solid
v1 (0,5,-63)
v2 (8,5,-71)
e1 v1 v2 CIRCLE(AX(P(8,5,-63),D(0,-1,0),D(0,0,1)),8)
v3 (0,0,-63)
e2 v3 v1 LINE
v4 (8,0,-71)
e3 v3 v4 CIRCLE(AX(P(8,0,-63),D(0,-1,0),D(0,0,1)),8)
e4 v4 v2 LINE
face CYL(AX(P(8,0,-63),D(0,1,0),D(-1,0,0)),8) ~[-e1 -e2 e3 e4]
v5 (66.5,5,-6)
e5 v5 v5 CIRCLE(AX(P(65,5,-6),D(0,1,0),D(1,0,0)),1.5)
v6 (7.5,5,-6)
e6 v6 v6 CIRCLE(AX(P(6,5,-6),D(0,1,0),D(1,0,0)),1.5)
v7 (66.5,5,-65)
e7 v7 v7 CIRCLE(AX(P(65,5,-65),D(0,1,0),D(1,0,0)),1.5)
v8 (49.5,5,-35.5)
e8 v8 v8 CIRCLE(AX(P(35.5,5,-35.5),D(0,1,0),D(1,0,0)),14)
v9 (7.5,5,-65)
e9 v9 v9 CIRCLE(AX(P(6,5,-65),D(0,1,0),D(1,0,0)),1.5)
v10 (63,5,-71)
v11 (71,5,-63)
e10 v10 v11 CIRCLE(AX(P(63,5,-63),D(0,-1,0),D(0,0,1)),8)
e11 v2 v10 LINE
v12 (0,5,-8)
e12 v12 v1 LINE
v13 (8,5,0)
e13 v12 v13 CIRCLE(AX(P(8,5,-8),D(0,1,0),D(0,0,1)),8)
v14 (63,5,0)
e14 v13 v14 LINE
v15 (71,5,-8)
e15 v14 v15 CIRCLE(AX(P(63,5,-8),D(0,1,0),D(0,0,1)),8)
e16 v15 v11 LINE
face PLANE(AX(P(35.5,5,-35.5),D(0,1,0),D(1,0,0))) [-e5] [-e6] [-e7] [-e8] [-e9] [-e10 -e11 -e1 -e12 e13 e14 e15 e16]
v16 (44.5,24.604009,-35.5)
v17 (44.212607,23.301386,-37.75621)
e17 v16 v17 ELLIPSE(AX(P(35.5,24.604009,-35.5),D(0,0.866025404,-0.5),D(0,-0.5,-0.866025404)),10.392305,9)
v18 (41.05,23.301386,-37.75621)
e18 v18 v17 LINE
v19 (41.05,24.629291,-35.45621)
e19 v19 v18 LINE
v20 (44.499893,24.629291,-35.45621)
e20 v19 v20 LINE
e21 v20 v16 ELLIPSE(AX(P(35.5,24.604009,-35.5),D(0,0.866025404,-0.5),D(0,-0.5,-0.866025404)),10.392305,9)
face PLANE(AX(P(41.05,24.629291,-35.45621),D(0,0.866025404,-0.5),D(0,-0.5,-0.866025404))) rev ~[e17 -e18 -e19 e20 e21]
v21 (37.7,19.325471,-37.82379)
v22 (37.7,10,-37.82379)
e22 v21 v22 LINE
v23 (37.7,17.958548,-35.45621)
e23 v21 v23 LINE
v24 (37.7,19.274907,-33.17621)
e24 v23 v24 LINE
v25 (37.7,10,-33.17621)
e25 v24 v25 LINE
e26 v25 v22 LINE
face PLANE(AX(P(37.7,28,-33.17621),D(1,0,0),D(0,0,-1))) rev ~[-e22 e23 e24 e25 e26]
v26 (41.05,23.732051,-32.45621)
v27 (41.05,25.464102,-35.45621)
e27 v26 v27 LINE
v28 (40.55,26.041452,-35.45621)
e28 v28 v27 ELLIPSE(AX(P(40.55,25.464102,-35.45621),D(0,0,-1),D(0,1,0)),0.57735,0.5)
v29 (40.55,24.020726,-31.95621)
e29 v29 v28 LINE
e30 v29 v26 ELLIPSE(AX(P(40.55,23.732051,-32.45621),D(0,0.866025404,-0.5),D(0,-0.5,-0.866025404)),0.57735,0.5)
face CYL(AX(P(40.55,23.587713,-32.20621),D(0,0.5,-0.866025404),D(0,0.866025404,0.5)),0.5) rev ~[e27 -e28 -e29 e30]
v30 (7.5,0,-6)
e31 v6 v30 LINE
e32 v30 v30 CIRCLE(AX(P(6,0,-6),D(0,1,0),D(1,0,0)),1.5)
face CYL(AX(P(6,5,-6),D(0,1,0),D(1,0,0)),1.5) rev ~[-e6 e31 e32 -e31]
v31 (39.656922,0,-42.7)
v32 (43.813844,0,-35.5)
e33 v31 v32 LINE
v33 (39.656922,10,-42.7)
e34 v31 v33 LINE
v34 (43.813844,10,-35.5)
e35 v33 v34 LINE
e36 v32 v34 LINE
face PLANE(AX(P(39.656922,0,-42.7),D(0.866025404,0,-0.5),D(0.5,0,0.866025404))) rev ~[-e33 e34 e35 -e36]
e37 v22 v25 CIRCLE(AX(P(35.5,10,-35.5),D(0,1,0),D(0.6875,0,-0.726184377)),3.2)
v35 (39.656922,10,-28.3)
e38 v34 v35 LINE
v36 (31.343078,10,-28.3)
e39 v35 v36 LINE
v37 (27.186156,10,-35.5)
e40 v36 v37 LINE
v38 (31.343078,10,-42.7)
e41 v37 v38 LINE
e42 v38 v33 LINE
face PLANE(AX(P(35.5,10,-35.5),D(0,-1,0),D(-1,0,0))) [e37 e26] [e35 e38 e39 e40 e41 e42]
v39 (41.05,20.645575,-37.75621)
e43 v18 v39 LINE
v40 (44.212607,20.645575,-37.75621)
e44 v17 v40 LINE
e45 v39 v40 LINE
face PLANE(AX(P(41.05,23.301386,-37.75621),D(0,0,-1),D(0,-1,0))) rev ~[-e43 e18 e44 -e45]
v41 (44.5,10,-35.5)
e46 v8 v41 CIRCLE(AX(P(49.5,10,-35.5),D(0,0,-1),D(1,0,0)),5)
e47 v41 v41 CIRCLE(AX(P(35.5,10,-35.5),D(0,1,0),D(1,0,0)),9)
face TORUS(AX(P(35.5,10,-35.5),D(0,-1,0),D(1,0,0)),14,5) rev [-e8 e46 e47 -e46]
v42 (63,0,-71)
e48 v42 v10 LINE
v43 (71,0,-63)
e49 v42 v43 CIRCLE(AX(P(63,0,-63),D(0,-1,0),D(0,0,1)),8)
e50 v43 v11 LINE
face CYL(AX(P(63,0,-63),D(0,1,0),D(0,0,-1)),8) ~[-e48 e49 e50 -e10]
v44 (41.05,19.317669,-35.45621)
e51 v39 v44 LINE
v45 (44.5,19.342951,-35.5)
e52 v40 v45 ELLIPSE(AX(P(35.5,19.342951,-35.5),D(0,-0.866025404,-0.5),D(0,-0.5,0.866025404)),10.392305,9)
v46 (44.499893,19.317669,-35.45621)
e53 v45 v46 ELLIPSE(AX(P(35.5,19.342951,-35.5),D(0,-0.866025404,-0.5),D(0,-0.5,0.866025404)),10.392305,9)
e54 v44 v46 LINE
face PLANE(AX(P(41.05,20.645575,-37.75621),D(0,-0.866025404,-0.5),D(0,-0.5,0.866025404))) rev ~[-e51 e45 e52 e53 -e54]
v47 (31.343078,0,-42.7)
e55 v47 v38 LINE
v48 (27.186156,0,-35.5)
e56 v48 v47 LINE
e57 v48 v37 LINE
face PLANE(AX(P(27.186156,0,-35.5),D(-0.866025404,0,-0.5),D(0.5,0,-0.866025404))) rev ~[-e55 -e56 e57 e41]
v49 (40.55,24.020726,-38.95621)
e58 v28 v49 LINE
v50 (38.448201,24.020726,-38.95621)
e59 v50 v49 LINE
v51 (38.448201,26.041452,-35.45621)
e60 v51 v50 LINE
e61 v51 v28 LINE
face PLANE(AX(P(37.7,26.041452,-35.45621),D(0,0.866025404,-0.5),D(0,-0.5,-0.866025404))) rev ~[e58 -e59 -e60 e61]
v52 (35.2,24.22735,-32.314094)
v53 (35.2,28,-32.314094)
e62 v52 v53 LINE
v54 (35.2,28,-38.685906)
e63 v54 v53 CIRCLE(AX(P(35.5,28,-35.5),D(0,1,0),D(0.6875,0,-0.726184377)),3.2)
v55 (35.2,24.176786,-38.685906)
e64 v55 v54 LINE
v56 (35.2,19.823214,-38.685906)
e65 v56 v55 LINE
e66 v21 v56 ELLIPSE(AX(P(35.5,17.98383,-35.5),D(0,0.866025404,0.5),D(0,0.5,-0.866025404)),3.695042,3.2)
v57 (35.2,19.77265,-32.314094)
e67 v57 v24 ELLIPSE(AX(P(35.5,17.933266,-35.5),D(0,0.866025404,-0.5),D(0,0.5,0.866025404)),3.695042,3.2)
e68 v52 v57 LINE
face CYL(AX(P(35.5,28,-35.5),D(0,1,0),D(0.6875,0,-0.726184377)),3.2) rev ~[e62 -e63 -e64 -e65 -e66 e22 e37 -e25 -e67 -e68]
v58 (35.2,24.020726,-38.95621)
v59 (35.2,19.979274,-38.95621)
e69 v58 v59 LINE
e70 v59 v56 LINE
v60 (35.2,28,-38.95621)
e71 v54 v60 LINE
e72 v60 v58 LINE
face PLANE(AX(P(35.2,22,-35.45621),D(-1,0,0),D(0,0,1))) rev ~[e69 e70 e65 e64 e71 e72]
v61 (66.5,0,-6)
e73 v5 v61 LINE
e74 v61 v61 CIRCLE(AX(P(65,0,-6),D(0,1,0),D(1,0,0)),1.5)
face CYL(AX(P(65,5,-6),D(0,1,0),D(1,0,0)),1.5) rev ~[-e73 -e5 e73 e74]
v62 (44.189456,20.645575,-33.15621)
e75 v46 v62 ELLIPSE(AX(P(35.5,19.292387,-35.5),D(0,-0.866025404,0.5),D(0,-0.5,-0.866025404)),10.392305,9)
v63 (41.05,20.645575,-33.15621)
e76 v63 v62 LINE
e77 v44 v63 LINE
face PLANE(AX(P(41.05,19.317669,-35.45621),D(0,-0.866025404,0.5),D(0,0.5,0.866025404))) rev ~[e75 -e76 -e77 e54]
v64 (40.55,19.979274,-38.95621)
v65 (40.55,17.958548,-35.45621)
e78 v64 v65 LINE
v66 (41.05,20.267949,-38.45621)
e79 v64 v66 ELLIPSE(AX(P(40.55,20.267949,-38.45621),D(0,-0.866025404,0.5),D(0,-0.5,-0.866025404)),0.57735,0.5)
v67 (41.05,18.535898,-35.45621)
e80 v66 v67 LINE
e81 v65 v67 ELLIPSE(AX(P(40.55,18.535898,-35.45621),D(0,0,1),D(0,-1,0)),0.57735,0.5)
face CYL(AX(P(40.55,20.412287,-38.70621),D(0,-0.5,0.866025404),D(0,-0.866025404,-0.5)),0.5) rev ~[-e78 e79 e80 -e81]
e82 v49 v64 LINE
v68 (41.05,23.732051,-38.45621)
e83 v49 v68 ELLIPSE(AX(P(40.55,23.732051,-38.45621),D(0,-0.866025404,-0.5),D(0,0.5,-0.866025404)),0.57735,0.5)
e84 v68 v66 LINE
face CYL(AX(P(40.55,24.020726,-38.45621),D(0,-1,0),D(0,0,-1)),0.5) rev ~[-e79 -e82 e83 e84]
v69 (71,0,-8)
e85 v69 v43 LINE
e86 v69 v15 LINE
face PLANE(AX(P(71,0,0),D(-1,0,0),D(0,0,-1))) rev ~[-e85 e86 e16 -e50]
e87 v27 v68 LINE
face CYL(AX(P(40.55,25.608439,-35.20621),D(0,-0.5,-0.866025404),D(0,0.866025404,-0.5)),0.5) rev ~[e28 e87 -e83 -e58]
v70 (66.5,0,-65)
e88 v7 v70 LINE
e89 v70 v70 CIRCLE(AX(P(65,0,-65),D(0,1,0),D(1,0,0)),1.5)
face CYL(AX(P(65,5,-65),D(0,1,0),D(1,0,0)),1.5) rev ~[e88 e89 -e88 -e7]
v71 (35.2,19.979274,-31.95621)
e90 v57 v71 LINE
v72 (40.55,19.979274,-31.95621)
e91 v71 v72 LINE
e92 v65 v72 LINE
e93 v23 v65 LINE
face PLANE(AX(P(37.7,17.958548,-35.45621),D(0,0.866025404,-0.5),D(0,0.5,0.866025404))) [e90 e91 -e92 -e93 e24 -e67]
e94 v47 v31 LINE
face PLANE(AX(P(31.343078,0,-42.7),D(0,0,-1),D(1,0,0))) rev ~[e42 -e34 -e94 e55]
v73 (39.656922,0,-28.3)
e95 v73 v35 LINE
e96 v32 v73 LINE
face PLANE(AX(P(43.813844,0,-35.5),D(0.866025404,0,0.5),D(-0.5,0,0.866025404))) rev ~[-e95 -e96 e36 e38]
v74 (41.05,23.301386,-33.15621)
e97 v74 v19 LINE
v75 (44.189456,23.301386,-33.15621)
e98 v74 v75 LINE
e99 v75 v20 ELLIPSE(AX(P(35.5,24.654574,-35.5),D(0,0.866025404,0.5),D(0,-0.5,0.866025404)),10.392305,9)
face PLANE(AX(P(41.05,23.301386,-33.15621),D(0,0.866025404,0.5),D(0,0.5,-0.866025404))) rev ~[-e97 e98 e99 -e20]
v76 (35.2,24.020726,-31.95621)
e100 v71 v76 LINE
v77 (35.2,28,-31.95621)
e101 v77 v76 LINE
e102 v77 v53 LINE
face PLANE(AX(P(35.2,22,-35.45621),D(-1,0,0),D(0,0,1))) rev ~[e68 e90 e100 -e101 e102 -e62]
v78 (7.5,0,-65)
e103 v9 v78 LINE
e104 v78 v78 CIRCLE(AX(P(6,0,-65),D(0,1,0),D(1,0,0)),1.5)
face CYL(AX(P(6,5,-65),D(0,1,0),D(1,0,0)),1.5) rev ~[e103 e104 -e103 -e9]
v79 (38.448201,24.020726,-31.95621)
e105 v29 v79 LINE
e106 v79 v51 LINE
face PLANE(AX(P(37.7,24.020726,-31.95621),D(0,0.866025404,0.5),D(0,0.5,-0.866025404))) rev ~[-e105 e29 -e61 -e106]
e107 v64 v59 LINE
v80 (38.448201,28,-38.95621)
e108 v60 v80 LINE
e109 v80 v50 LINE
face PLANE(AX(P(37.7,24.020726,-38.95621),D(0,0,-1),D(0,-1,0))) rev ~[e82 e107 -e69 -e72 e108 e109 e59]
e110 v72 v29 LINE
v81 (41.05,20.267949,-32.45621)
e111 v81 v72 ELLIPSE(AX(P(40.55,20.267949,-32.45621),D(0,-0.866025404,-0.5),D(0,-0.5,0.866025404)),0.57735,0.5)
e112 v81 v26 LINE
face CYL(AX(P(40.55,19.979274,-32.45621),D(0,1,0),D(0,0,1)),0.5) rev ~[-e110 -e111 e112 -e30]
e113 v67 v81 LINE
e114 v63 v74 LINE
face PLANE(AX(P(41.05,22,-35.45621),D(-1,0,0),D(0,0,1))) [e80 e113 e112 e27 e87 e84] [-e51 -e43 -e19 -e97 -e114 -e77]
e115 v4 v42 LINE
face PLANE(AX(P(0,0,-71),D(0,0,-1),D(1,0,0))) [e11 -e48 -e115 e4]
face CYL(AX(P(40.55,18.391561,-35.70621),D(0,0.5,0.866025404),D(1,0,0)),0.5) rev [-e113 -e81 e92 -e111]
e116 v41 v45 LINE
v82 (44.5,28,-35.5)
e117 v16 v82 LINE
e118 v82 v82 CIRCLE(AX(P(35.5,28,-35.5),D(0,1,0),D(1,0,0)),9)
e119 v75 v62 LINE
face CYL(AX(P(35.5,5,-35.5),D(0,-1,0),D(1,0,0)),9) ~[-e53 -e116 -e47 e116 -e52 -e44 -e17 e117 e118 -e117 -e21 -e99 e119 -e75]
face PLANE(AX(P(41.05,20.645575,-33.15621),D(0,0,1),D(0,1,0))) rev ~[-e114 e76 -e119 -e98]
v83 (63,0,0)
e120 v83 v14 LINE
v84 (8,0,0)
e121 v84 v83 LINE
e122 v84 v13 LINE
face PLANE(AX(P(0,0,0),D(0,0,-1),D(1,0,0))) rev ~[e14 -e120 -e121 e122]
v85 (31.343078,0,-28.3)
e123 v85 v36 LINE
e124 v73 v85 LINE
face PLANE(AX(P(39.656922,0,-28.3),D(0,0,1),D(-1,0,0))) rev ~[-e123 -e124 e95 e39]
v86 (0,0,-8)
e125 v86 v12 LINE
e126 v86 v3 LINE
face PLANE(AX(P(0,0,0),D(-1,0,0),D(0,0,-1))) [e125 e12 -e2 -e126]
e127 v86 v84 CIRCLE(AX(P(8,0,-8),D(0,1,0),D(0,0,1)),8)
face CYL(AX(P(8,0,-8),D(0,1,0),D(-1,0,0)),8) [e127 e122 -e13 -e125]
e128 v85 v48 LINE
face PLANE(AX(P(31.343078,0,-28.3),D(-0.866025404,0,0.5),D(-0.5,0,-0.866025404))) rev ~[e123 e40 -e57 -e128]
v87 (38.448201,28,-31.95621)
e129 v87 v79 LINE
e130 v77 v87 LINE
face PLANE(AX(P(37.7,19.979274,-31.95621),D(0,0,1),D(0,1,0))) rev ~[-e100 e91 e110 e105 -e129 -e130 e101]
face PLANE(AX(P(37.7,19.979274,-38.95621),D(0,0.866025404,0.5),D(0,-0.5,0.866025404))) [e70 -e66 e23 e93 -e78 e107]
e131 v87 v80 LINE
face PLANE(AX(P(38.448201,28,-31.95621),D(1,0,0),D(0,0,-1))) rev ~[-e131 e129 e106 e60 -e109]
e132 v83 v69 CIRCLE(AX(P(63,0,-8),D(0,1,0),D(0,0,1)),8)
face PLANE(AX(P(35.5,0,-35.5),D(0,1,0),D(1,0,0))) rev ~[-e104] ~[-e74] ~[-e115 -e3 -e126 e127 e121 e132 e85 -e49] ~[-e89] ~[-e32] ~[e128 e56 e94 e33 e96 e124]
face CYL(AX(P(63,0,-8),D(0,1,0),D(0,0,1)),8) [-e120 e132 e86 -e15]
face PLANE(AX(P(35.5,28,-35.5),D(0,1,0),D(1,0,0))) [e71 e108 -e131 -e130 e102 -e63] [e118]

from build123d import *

# Parameters (mm, degrees)
SKETCH1_W               = 71
SKETCH1_H               = 71
BOSS_EXTRUDE1_DEPTH     = 5
SKETCH2_R               = 9
BOSS_EXTRUDE2_DEPTH     = 23
FILLET1_R               = 5
CUT_EXTRUDE1_DEPTH      = 46
FILLET2_R               = 8
SKETCH4_R               = 1.5
CUT_EXTRUDE2_DEPTH      = 6
CUT_EXTRUDE3_DEPTH      = 10
CUT_EXTRUDE4_DEPTH      = 2.5
CUT_EXTRUDE4_DEPTH_BACK = 3.35
FILLET3_R               = 0.5
CUT_EXTRUDE9_DEPTH      = 30.95
SKETCH11_W              = 3.248200577
SKETCH11_H              = 7
CUT_EXTRUDE10_DEPTH     = 5


with BuildPart() as part:
    # Sketch1 → Boss-Extrude1 (new body)
    with BuildSketch(Plane(origin=(0, 0, 0), x_dir=(1, 0, 0), z_dir=(0, 1, 0))):
        with Locations((35.5, 35.5)):
            Rectangle(SKETCH1_W, SKETCH1_H)
    extrude(amount=BOSS_EXTRUDE1_DEPTH)

    # Sketch2 → Boss-Extrude2 (add)
    with BuildSketch(Plane(origin=(0, 5, 0), x_dir=(1, 0, 0), z_dir=(0, 1, 0))):
        with Locations((35.5, 35.5)):
            Circle(SKETCH2_R)
    extrude(amount=BOSS_EXTRUDE2_DEPTH)

    # Fillet1
    fillet1_edges = [part.edges().sort_by_distance(p)[0] for p in [
        (26.5, 5, -35.5),
    ]]
    fillet(fillet1_edges, radius=FILLET1_R)

    # Sketch3 → Cut-Extrude1 (cut)
    with BuildSketch(Plane(origin=(0, 28, 0), x_dir=(1, 0, 0), z_dir=(0, 1, 0))):
        with BuildLine():
            Line((37.7, 33.176209992), (37.7, 37.823790008))
            ThreePointArc((37.7, 37.823790008), (32.3, 35.5), (37.7, 33.176209992))
        make_face()
    extrude(amount=-CUT_EXTRUDE1_DEPTH, mode=Mode.SUBTRACT)

    # Fillet2
    fillet2_edges = [part.edges().sort_by_distance(p)[0] for p in [
        (0, 2.5, -71),
        (71, 2.5, -71),
        (71, 2.5, 0),
        (0, 2.5, 0),
    ]]
    fillet(fillet2_edges, radius=FILLET2_R)

    # Sketch4 → Cut-Extrude2 (cut, through all)
    with BuildSketch(Plane(origin=(0, 5, 0), x_dir=(1, 0, 0), z_dir=(0, 1, 0))):
        with Locations((65, 65)):
            Circle(SKETCH4_R)
        with Locations((65, 6)):
            Circle(SKETCH4_R)
        with Locations((6, 6)):
            Circle(SKETCH4_R)
        with Locations((6, 65)):
            Circle(SKETCH4_R)
    extrude(amount=-CUT_EXTRUDE2_DEPTH, mode=Mode.SUBTRACT)

    # Sketch5 → Cut-Extrude3 (cut)
    with BuildSketch(Plane(origin=(0, 0, 0), x_dir=(-1, 0, 0), z_dir=(0, -1, 0))):
        Polygon((-43.813843876, 35.5), (-39.656921938, 28.3), (-31.343078062, 28.3), (-27.186156124, 35.5), (-31.343078062, 42.7), (-39.656921938, 42.7), align=None)
    extrude(amount=-CUT_EXTRUDE3_DEPTH, mode=Mode.SUBTRACT)

    # Sketch6 → Cut-Extrude4 (cut, two sides)
    with BuildSketch(Plane.ZY.offset(-37.7)) as cut_extrude4_sk:
        Polygon((-35.456209992, 26.041451884), (-38.956209992, 24.020725942), (-38.956209992, 19.979274058), (-35.456209992, 17.958548116), (-31.956209992, 19.979274058), (-31.956209992, 24.020725942), align=None)
    extrude(amount=CUT_EXTRUDE4_DEPTH, mode=Mode.SUBTRACT)
    extrude(cut_extrude4_sk.sketch, amount=-CUT_EXTRUDE4_DEPTH_BACK, mode=Mode.SUBTRACT)

    # Fillet3
    fillet3_edges = [part.edges().sort_by_distance(p)[0] for p in [
        (41.05, 25.031088913, -33.706209992),
        (41.05, 25.031088913, -37.206209992),
        (41.05, 22, -38.956209992),
        (41.05, 18.968911087, -37.206209992),
        (41.05, 18.968911087, -33.706209992),
        (41.05, 22, -31.956209992),
    ]]
    fillet(fillet3_edges, radius=FILLET3_R)

    # Sketch10 → Cut-Extrude9 (cut, through all)
    with BuildSketch(Plane.ZY.offset(-41.05)):
        Polygon((-35.456209992, 24.629291376), (-37.756209992, 23.301385757), (-37.756209992, 20.645574519), (-35.456209992, 19.3176689), (-33.156209992, 20.645574519), (-33.156209992, 23.301385757), align=None)
    extrude(amount=-CUT_EXTRUDE9_DEPTH, mode=Mode.SUBTRACT)

    # Sketch11 → Cut-Extrude10 (cut)
    with BuildSketch(Plane(origin=(0, 28, 0), x_dir=(1, 0, 0), z_dir=(0, 1, 0))):
        with Locations((36.824100289, 35.456209992)):
            Rectangle(SKETCH11_W, SKETCH11_H)
    extrude(amount=-CUT_EXTRUDE10_DEPTH, mode=Mode.SUBTRACT)


solid = part.part
